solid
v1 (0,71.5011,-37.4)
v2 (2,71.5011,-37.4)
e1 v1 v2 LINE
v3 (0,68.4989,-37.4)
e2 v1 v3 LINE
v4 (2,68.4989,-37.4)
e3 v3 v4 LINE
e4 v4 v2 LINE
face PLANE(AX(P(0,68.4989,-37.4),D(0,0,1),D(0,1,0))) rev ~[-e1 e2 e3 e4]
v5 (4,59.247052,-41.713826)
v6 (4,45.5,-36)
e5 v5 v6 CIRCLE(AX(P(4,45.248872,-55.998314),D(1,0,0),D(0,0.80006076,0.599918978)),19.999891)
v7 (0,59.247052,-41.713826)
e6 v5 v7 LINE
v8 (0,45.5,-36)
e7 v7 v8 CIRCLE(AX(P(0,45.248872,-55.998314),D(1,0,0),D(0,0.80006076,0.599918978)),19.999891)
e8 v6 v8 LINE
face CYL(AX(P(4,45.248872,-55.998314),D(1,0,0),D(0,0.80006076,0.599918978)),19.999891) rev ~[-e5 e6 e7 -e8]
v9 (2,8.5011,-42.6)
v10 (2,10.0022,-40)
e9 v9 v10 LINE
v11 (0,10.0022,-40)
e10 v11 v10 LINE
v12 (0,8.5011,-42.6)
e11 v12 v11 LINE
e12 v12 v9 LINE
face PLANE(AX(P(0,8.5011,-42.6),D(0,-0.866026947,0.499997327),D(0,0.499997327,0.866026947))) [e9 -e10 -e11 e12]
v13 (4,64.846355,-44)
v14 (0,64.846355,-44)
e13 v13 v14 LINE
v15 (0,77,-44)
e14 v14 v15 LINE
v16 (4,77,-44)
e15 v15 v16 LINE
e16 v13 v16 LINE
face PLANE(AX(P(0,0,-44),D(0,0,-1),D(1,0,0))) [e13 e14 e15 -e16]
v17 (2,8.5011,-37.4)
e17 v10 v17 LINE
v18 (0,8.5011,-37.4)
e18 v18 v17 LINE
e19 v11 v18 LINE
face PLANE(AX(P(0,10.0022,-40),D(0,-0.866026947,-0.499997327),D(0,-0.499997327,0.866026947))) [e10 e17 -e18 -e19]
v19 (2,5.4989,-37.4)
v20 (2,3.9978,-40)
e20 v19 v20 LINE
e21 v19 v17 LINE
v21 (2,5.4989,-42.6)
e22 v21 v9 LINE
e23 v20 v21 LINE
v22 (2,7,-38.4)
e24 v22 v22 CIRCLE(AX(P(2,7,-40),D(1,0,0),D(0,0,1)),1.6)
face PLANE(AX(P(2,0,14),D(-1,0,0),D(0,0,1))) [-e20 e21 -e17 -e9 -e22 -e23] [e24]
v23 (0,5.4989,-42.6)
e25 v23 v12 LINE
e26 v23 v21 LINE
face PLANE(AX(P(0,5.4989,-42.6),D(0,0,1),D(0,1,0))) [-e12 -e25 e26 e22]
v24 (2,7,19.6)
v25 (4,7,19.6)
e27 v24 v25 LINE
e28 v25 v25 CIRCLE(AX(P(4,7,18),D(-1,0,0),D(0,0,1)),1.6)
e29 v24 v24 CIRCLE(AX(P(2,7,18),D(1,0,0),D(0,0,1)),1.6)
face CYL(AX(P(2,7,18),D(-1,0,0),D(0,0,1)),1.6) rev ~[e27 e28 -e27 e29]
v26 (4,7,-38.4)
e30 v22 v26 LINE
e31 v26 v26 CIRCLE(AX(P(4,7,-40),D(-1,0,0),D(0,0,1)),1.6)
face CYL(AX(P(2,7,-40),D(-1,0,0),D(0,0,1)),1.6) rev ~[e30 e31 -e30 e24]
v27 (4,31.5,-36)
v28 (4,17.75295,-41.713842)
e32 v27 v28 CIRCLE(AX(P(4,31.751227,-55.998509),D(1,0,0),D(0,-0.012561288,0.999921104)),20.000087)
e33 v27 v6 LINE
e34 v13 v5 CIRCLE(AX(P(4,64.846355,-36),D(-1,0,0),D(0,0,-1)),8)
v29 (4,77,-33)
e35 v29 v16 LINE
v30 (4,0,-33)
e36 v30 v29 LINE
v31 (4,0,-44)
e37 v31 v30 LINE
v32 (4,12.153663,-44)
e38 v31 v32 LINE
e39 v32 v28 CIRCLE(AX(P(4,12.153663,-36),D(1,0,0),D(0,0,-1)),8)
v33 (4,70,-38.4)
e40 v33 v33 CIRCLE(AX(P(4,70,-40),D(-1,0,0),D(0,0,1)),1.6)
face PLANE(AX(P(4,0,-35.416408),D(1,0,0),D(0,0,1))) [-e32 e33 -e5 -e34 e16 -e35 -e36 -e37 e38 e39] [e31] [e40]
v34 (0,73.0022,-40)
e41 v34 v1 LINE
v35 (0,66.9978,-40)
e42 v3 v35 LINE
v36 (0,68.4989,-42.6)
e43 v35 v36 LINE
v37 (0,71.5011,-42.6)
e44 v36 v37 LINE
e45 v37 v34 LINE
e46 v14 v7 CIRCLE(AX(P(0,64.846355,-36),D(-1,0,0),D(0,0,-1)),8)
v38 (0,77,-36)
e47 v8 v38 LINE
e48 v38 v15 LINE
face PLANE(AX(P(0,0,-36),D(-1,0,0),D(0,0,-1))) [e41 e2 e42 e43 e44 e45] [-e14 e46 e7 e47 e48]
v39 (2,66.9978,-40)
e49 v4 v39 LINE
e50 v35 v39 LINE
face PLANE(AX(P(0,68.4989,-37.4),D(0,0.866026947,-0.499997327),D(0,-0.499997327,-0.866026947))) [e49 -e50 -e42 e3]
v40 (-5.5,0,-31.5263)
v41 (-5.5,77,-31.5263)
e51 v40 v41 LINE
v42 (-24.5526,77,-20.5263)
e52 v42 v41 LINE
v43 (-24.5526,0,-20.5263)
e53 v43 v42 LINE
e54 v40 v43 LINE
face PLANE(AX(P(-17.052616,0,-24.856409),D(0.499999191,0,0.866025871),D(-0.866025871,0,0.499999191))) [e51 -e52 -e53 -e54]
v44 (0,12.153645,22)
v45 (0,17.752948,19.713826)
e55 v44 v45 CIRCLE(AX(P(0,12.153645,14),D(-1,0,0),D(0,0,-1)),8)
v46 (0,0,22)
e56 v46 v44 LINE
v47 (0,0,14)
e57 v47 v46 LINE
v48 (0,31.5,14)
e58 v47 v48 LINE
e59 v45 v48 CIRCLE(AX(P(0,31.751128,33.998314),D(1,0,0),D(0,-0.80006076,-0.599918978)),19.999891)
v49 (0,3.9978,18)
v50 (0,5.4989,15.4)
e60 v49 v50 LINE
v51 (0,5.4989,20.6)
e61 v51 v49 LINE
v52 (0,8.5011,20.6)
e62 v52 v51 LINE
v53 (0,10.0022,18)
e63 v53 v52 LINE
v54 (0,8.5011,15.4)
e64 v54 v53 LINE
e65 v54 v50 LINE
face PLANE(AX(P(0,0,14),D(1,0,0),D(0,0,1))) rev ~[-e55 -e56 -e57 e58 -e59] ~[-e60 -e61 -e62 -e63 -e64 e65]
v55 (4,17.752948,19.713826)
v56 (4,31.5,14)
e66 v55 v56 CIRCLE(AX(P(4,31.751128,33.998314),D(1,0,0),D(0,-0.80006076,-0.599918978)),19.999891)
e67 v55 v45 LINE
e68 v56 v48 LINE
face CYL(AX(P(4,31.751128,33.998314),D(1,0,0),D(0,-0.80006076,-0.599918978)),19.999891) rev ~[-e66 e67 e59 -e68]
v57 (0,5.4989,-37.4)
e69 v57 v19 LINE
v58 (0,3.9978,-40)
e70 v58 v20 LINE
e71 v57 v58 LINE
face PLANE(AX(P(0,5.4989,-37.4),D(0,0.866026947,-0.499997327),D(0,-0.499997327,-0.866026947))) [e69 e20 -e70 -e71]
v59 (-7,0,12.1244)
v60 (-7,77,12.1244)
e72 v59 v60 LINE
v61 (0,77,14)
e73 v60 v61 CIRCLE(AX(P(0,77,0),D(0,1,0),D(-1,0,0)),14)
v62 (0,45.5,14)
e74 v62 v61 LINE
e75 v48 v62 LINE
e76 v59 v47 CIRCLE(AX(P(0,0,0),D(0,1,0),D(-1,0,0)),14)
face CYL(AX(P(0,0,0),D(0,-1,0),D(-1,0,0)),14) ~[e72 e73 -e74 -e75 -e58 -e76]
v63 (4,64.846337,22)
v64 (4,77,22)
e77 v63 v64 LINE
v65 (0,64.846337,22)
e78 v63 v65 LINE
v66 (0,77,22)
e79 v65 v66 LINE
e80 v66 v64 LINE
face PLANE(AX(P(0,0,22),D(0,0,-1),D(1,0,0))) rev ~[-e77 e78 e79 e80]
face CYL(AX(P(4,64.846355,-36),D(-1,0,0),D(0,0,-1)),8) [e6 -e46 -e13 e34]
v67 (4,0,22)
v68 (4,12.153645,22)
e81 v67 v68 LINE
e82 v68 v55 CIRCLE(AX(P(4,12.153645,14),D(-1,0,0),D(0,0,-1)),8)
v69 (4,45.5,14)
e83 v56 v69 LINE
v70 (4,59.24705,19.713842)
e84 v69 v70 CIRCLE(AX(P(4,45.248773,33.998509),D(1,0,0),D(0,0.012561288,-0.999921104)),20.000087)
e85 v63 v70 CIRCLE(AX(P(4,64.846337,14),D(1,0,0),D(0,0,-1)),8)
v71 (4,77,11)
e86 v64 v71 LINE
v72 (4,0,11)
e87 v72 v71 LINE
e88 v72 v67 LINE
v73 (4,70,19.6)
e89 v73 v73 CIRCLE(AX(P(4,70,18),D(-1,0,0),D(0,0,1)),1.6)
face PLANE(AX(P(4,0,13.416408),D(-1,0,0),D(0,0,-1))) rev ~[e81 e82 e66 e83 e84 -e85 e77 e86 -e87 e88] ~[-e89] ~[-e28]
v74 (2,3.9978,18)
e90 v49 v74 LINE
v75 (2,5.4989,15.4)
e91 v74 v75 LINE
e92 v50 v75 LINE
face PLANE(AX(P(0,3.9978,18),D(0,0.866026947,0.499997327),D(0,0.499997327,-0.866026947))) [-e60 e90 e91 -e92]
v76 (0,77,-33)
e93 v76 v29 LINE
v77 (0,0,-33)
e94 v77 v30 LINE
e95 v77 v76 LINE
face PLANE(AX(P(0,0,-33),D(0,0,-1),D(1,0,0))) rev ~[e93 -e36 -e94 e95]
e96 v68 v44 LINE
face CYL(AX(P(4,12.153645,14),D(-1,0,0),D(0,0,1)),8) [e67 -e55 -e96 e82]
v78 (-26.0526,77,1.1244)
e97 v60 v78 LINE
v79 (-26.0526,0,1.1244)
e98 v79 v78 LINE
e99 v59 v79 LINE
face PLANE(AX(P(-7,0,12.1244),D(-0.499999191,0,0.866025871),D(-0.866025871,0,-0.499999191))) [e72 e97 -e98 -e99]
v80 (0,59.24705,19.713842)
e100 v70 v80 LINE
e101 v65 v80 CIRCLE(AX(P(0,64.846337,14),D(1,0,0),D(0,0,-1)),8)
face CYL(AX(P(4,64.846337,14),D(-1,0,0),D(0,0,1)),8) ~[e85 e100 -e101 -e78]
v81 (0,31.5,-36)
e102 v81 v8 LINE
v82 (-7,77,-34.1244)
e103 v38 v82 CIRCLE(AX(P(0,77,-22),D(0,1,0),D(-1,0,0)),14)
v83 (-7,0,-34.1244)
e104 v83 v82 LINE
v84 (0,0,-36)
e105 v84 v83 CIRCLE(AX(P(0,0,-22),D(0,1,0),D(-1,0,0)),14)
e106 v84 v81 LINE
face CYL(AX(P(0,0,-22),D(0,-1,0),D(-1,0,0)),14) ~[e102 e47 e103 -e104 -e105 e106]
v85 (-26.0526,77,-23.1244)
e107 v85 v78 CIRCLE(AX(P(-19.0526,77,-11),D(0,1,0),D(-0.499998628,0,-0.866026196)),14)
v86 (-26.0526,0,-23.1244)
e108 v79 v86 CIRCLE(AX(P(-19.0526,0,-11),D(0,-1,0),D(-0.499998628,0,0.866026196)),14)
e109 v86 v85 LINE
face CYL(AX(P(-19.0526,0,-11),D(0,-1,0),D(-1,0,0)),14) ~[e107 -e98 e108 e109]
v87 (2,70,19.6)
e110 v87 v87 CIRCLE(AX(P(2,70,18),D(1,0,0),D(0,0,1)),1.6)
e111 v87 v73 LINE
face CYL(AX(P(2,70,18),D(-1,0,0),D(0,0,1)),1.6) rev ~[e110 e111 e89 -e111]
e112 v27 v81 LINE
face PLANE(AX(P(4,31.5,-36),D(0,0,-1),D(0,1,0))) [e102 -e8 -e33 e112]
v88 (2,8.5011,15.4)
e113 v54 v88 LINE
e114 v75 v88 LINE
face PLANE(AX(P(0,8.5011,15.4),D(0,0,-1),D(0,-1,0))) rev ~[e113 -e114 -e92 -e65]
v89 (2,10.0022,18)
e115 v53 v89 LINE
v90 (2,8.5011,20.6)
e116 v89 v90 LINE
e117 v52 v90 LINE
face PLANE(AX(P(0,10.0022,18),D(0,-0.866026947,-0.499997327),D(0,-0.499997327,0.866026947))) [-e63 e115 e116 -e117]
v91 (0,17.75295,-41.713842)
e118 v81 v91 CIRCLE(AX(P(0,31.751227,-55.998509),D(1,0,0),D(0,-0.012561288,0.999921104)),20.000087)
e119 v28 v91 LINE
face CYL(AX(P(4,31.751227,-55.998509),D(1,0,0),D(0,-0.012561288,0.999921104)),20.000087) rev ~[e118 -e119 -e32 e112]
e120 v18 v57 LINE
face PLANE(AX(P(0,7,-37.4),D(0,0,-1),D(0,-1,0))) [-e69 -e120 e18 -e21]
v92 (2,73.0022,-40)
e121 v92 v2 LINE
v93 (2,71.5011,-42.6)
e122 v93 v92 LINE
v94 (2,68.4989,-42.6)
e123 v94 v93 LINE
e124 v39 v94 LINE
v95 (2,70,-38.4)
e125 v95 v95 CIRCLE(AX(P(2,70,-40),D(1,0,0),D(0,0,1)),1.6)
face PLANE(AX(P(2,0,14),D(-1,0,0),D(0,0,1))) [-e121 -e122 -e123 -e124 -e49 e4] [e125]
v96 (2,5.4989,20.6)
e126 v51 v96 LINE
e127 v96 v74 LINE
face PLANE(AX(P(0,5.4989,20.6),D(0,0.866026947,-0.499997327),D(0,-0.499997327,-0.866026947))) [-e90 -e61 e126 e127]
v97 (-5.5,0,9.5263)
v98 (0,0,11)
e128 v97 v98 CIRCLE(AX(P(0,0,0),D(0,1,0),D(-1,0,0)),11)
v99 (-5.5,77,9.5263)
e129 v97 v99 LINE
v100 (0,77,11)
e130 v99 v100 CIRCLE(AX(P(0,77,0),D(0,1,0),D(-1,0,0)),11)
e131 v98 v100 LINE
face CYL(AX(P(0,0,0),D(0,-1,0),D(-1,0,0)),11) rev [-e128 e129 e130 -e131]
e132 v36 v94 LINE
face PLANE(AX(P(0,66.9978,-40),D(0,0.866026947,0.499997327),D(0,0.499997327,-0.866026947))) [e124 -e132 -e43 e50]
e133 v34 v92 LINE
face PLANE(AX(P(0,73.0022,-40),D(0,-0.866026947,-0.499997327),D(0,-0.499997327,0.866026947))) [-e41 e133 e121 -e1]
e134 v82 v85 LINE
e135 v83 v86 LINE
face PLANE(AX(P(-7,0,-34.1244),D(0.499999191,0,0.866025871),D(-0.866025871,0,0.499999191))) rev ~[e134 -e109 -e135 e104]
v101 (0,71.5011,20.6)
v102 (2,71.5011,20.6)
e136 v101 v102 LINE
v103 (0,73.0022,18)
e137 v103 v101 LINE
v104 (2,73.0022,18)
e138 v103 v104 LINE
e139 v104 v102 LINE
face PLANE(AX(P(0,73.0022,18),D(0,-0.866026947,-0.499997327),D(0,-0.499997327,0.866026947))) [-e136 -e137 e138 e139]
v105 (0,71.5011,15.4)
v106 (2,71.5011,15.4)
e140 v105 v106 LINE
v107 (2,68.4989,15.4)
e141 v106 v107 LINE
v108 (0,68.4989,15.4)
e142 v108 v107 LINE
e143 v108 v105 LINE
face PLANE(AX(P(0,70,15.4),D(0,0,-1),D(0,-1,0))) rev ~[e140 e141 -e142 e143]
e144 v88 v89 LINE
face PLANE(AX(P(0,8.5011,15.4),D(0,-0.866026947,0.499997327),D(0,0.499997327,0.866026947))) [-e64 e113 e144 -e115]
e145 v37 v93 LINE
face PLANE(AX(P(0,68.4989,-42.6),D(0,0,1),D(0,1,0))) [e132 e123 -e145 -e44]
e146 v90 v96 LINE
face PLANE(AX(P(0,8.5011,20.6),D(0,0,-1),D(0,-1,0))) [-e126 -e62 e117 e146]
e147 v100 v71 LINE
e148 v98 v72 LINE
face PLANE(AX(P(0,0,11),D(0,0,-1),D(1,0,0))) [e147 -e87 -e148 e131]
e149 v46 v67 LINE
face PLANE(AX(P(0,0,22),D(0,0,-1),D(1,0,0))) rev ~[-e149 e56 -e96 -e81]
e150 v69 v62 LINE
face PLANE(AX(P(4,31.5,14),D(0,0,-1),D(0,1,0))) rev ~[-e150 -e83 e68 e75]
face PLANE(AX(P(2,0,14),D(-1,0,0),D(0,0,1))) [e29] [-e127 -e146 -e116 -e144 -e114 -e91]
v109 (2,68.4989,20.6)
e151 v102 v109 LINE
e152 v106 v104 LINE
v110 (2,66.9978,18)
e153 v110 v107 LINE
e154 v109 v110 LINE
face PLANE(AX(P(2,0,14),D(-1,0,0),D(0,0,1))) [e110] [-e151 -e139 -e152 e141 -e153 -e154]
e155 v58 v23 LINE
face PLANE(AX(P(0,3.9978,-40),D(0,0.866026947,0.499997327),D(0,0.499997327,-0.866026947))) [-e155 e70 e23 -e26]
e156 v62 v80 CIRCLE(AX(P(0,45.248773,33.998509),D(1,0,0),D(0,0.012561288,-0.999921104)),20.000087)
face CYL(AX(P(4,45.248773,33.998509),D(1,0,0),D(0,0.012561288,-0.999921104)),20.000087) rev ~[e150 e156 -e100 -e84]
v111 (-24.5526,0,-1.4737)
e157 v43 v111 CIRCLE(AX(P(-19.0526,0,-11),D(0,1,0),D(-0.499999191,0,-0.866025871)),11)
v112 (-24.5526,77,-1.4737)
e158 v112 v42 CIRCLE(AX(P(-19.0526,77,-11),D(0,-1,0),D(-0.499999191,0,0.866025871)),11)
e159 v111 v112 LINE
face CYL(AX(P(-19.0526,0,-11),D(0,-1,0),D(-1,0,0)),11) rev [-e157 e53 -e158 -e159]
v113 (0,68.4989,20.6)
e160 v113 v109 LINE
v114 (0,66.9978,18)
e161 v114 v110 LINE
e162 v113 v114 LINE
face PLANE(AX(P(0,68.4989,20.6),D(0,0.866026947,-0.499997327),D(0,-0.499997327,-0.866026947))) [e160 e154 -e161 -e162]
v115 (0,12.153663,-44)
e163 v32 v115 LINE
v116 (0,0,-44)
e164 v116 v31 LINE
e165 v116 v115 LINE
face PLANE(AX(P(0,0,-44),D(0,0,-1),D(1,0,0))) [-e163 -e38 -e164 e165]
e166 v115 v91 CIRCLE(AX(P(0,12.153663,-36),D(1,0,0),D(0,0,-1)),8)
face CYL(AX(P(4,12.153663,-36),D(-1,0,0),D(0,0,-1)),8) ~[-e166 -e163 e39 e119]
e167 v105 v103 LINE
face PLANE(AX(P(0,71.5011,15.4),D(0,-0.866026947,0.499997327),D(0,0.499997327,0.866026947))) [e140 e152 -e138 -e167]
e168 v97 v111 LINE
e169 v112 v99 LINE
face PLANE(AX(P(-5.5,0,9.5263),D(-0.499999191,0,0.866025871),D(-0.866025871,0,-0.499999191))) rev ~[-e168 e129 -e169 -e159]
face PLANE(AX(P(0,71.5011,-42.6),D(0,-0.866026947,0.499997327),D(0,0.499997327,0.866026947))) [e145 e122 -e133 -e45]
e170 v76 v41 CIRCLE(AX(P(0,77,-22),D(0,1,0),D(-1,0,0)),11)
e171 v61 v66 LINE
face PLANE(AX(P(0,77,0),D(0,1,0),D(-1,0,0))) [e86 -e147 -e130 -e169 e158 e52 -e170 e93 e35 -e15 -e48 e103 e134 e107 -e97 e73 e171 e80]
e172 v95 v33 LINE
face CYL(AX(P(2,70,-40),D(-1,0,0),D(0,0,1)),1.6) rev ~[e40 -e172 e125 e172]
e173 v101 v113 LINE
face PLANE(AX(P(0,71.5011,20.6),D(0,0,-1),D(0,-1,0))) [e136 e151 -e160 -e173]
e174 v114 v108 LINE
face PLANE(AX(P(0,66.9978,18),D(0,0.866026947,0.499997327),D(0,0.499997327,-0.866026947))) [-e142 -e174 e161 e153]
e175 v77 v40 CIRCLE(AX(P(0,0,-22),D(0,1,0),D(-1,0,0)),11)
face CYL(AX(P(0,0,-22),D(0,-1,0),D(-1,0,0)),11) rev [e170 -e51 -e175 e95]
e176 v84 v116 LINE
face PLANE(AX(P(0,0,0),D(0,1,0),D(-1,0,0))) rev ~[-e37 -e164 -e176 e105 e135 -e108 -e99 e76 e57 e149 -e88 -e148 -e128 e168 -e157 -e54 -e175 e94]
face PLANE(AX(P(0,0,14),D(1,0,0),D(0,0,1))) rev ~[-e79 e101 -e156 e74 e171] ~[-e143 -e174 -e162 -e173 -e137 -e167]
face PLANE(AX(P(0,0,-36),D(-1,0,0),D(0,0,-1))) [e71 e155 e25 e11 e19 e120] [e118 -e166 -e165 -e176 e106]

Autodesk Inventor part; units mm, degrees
ref_plane "YZ Plane" through (0, 0, 0) normal (1, 0, 0) x (0, 1, 0)
ref_plane "XZ Plane" through (0, 0, 0) normal (0, 1, 0) x (-1, 0, 0)
ref_plane "XY Plane" through (0, 0, 0) normal (0, 0, 1) x (1, 0, 0)
sketch "Эскиз1" plane through (0, 0, 0) normal (0, 1, 0) x (-1, 0, 0)
  circle A0 centre (0, 0) radius 11
  circle A1 centre (0, -22) radius 11
  circle A2 centre (19.0526, -11) radius 11
  line L0 (0, 0) -> (7, 12.1244)
  line L1 (0, 0) -> (14, 0) construction
  line L2 (0, -22) -> (7, -34.1244)
  line L3 (0, -22) -> (14, -22) construction
  line L4 (5.5, 9.5263) -> (24.5526, -1.4737)
  line L5 (5.5, -31.5263) -> (24.5526, -20.5263)
  circle A3 centre (0, 0) radius 14
  circle A4 centre (0, -22) radius 14
  circle A5 centre (19.0526, -11) radius 14
  line L6 (7, 12.1244) -> (26.0526, 1.1244)
  line L7 (7, -34.1244) -> (26.0526, -23.1244)
  line L8 (-14, 0) -> (-9, 0)
  line L9 (0, 11) -> (8.6603, 11) construction
  line L10 (0, 14) -> (-9, 14)
  line L11 (0, 11) -> (-9, 11)
  line L12 (0, -36) -> (-9, -36)
  line L13 (0, -33) -> (-9, -33)
  line L14 (-9, -36) -> (-9, 14)
  line L15 (-9, 11) -> (-6, 11)
  line L16 (-6, 11) -> (-6, 22)
  line L17 (-6, 22) -> (-9, 22)
  line L18 (-9, 22) -> (-9, 11)
  line L19 (-9, -33) -> (-6, -33)
  line L20 (-6, -33) -> (-6, -44)
  line L21 (-6, -44) -> (-9, -44)
  line L22 (-9, -44) -> (-9, -33)
  line L23 (-9, 11) -> (-4, 11)
  line L24 (-4, 11) -> (0, 11)
  line L25 (0, 11) -> (0, 22)
  line L26 (0, 22) -> (-4, 22)
  line L27 (-4, 22) -> (-4, 11)
  line L28 (-9, -33) -> (-4, -33)
  line L29 (-4, -33) -> (0, -33)
  line L30 (0, -33) -> (0, -44)
  line L31 (0, -44) -> (-4, -44)
  line L32 (-4, -44) -> (-4, -33)
  line L33 (-4, 11) -> (-4, -36)
  point P0 (-6, -36)
  point P1 (-6, 14)
  dimension "d10" = 22
  dimension "d12" = 22
  dimension "d13" = 14
  dimension "d14" = 60
  dimension "d15" = 14
  dimension "d16" = 60
  dimension "d17" = 28
  dimension "d20" = 9
  dimension "d21" = 3
  dimension "d22" = 11
  dimension "d23" = 3
  dimension "d24" = 11
  dimension "d53" = 5
  dimension "d54" = 4
  dimension "d55" = 5
extrude "Выдавливание1" add sketch "Эскиз1" along normal blind 77 contours A0 L25 A3 L0 | L0 A3 L4 | L11 L27 A3 L25 | L6 A5 L4 A3 | A3 L27 L10 | L10 L27 L26 L25 | A5 L5 A2 L4 | L7 A4 L5 A5 | A4 L30 A1 L2 | L2 L5 A4 | L12 L32 A4 | L30 L31 L32 L12 | A4 L32 L13 L30
sketch "Эскиз6" plane through (4, 0, -33) normal (1, 0, 0) x (0, 0, -1)
  line L0 (11, 0) -> (11, 77) projected
  line L1 (11, 0) -> (11, 31.5)
  line L2 (11, 77) -> (11, 45.5)
  line L3 (-47, 0) -> (-55, 0) projected
  line L4 (-55, 0) -> (-55, 31.5)
  line L5 (-55, 0) -> (-55, 77) projected
  line L6 (-55, 77) -> (-55, 45.5)
  line L7 (-47, 0) -> (-47, 77) projected
  line L8 (-55, 45.5) -> (-47, 45.5)
  line L9 (-47, 45.5) -> (-47, 31.5)
  line L10 (-47, 31.5) -> (-55, 31.5)
  line L11 (-55, 31.5) -> (-55, 45.5)
  line L12 (3, 0) -> (3, 77) projected
  line L13 (11, 31.5) -> (3, 31.5)
  line L14 (3, 31.5) -> (3, 45.5)
  line L15 (3, 45.5) -> (11, 45.5)
  line L16 (11, 45.5) -> (11, 31.5)
  arc A0 (3, 31.5) -> (11, 15.75) centre (22.9984, 31.7512) ccw
  arc A1 (11, 61.25) -> (3, 45.5) centre (22.9984, 45.2488) ccw
  arc A2 (-47, 45.5) -> (-55, 61.25) centre (-66.9984, 45.2488) ccw
  arc A3 (-55, 15.75) -> (-47, 31.5) centre (-66.9984, 31.7512) ccw
  point P0 (-33, 0)
  point P1 (3, 31.5)
  point P2 (11, 15.75)
  dimension "d56" = 31.5
  dimension "d57" = 31.5
  dimension "d58" = 31.5
  dimension "d59" = 31.5
  dimension "d60" = 20
  dimension "d61" = 20
  dimension "d62" = 20
  dimension "d63" = 20
extrude "Выдавливание5" cut sketch "Эскиз6" against normal blind 4 contours A0 L13 L0 | L13 L12 L15 L0 | L15 A1 L0 | L10 L5 L8 L7 | A3 L4 L10 | L8 L5 A2
fillet "Сопряжение2" radius 8 4 edges at (2, 15.75, -44) (2, 61.25, -44) (2, 61.25, 22) (2, 15.75, 22)
sketch "Эскиз7" plane through (0, 0, 14) normal (-1, 0, 0) x (0, 0, 1)
  line L0 (8, 0) -> (8, 12.1537) projected
  line L1 (8, 0) -> (4, 0)
  line L2 (8, 7) -> (8, 0)
  line L3 (4, 7) -> (-54, 7)
  line L4 (-54, 7) -> (-54, 70)
  line L5 (-54, 70) -> (4, 70)
  line L6 (4, 70) -> (4, 7)
  line L7 (4, 7) -> (1.4, 7)
  line L8 (-54, 70) -> (-51.4, 70)
  line L9 (1.4, 7) -> (-51.4, 7)
  line L10 (-51.4, 7) -> (-51.4, 70)
  line L11 (-51.4, 70) -> (1.4, 70)
  line L12 (1.4, 70) -> (1.4, 7)
  line L13 (1.4, 8.5011) -> (4, 10.0022)
  line L14 (4, 10.0022) -> (6.6, 8.5011)
  line L15 (6.6, 8.5011) -> (6.6, 5.4989)
  line L16 (6.6, 5.4989) -> (4, 3.9978)
  line L17 (4, 3.9978) -> (1.4, 5.4989)
  line L18 (1.4, 5.4989) -> (1.4, 8.5011)
  line L19 (-51.4, 5.4989) -> (-54, 3.9978)
  line L20 (-54, 3.9978) -> (-56.6, 5.4989)
  line L21 (-56.6, 5.4989) -> (-56.6, 8.5011)
  line L22 (-56.6, 8.5011) -> (-54, 10.0022)
  line L23 (-54, 10.0022) -> (-51.4, 8.5011)
  line L24 (-51.4, 8.5011) -> (-51.4, 5.4989)
  line L25 (-51.4, 68.4989) -> (-54, 66.9978)
  line L26 (-54, 66.9978) -> (-56.6, 68.4989)
  line L27 (-56.6, 68.4989) -> (-56.6, 71.5011)
  line L28 (-56.6, 71.5011) -> (-54, 73.0022)
  line L29 (-54, 73.0022) -> (-51.4, 71.5011)
  line L30 (-51.4, 71.5011) -> (-51.4, 68.4989)
  line L31 (1.4, 71.5011) -> (4, 73.0022)
  line L32 (4, 73.0022) -> (6.6, 71.5011)
  line L33 (6.6, 71.5011) -> (6.6, 68.4989)
  line L34 (6.6, 68.4989) -> (4, 66.9978)
  line L35 (4, 66.9978) -> (1.4, 68.4989)
  line L36 (1.4, 68.4989) -> (1.4, 71.5011)
  point P0 (-14, 0)
  point P1 (1.4, 68.4989)
  point P2 (1.4, 8.5011)
  dimension "d69" = 58
  dimension "d70" = 63
  dimension "d71" = 2.6
  dimension "d72" = 2.6
extrude "Выдавливание6" cut sketch "Эскиз7" against normal blind 2 contours L6 L14 L15 L16 L17 L18 L3 | L3 L12 L13 L6 | L24 L19 L20 L21 L22 L4 L3 | L3 L4 L23 L10 | L35 L12 L5 L6 | L6 L5 L36 L31 L32 L33 L34 | L25 L4 L5 L10 | L26 L27 L28 L29 L30 L5 L4
sketch "Эскиз8" plane through (2, 0, 14) normal (-1, 0, 0) x (0, 0, 1)
  line L0 (4, 7) -> (-54, 7)
  line L1 (-54, 7) -> (-54, 70)
  line L2 (-54, 70) -> (4, 70)
  line L3 (4, 70) -> (4, 7)
  circle A0 centre (4, 7) radius 1.6
  circle A1 centre (-54, 7) radius 1.6
  circle A2 centre (-54, 70) radius 1.6
  circle A3 centre (4, 70) radius 1.6
  point P0 (-14, 0)
  dimension "d75" = 3.2
  dimension "d76" = 3.2
  dimension "d77" = 3.2
  dimension "d78" = 3.2
extrude "Выдавливание7" cut sketch "Эскиз8" against normal blind 2 contours A1 L1 L0 | L0 L1 A1 | A0 L3 L0 | L0 L3 A0 | A2 L2 L1 | L1 L2 A2 | A3 L2 L3 | L3 L2 A3
sketch "Эскиз9" plane through (0, 77, 0) normal (0, 1, 0) x (1, 0, 0)
  point P0 (0, 0)
properties part number "battery_1"
